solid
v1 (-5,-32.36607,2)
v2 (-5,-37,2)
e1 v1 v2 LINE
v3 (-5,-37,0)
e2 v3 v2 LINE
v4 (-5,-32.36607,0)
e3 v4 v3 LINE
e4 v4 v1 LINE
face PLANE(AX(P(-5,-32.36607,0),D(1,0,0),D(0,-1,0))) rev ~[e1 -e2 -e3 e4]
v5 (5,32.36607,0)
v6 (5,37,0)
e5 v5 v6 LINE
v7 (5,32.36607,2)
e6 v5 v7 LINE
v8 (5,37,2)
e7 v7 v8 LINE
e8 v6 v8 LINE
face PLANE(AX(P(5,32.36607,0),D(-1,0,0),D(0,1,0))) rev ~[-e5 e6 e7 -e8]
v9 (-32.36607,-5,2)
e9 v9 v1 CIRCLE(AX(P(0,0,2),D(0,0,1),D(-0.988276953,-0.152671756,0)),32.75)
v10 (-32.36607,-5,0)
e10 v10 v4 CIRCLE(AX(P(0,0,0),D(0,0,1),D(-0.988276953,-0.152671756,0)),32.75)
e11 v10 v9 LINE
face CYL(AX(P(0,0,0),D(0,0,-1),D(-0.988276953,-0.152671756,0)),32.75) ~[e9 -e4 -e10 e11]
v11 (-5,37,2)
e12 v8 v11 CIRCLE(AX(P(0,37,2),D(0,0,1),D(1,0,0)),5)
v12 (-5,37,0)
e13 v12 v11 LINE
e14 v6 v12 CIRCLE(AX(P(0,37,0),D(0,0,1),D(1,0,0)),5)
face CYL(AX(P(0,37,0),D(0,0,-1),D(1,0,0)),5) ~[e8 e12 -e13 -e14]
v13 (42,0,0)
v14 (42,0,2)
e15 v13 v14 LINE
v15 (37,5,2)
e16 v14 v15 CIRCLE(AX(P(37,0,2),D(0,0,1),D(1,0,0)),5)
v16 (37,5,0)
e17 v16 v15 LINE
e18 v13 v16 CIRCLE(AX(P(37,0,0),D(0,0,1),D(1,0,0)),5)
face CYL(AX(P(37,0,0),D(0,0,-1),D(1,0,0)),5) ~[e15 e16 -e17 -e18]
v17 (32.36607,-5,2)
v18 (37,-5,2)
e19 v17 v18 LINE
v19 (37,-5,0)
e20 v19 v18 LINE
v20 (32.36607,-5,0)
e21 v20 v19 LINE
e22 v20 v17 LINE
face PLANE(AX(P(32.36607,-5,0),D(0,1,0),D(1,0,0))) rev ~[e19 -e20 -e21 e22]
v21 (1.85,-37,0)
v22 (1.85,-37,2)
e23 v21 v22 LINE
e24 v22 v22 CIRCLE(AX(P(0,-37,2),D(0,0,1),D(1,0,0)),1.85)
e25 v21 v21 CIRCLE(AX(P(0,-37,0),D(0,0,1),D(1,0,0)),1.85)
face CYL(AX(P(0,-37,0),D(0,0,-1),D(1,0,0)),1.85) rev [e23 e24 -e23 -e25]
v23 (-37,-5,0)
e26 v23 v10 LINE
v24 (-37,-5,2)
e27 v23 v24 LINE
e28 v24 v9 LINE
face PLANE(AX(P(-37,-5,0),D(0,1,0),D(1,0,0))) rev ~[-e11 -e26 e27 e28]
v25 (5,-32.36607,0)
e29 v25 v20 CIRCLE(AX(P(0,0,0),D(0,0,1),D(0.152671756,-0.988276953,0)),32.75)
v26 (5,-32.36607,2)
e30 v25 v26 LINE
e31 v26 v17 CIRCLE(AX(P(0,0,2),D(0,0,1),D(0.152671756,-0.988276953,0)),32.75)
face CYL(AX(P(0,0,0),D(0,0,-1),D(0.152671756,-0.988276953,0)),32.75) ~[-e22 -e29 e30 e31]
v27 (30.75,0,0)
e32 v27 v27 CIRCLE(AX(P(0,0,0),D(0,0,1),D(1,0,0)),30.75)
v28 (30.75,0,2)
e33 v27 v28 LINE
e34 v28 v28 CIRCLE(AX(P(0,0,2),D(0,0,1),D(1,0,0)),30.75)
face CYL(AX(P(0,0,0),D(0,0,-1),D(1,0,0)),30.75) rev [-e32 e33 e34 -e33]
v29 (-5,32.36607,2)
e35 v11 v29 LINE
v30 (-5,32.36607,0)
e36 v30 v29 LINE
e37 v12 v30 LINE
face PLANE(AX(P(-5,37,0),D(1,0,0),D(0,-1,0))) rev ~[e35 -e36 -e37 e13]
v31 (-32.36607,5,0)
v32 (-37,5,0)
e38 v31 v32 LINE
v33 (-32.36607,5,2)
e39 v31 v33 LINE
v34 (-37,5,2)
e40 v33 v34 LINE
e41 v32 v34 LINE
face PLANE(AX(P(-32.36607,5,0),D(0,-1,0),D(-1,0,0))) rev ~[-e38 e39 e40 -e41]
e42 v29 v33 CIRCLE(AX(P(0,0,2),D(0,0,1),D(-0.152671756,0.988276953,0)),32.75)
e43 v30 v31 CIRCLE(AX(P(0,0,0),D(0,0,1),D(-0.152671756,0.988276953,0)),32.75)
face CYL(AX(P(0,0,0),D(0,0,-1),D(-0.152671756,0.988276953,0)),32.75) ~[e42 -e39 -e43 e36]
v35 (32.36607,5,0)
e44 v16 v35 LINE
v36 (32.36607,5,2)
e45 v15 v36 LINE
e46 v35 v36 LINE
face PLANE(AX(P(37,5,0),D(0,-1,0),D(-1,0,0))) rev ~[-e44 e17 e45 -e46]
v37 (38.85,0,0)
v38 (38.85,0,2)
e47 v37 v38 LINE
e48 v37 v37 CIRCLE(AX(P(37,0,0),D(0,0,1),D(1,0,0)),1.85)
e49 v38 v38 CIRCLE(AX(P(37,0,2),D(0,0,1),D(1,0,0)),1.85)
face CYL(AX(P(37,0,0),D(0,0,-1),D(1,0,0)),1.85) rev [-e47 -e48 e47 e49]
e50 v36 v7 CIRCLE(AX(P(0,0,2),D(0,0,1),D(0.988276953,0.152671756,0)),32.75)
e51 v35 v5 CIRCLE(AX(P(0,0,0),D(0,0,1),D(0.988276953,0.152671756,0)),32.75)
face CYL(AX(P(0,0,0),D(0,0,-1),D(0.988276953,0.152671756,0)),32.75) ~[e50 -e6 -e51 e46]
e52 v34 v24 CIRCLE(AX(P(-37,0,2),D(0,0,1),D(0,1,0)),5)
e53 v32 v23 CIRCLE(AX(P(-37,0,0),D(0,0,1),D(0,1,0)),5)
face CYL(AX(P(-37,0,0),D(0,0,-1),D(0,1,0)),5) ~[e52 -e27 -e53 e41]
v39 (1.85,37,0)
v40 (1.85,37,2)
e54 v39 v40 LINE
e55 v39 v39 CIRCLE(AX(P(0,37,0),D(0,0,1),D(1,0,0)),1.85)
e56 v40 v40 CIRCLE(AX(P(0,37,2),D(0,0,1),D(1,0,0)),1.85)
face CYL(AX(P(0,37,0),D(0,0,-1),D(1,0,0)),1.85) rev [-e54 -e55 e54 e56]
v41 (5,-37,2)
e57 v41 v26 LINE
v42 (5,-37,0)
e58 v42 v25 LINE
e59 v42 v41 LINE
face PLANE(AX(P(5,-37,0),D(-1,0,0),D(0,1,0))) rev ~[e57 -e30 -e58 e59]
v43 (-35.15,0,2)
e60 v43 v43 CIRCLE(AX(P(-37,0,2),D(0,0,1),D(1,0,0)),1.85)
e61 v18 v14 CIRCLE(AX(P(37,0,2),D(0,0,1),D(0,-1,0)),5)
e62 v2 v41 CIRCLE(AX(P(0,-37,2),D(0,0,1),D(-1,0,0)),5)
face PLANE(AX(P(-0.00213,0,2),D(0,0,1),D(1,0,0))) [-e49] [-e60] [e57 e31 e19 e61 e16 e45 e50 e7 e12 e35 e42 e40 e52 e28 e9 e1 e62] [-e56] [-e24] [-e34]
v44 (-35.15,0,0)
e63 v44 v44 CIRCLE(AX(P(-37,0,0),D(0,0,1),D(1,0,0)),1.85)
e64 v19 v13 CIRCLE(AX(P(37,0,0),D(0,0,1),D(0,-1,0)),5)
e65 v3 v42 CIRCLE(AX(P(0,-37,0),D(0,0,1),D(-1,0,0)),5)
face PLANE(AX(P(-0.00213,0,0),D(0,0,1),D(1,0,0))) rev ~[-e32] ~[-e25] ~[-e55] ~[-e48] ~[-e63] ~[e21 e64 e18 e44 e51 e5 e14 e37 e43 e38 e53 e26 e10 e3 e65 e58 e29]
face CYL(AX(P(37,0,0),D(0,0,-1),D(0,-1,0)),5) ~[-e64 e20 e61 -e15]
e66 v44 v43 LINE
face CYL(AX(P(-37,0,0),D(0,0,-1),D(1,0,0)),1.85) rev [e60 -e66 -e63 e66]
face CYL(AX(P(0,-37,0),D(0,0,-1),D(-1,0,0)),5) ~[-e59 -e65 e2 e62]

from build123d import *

# Parameters (mm, degrees)
F0_R     = 30.75
F0_R_2   = 1.85
F1_DEPTH = 2


with BuildPart() as f1:
    # F0 (on Top) → F1 (new body)
    with BuildSketch(Plane.XY):
        with BuildLine():
            ThreePointArc((32.65625, 2.476254417), (32.5356397493, 3.7409418742), (32.366070197, 5))
            ThreePointArc((32.366070197, 5), (23.1577470839, 23.1577470839), (5, 32.366070197))
            ThreePointArc((5, 32.366070197), (3.7409418742, 32.5356397493), (2.476254417, 32.65625))
            ThreePointArc((2.476254417, 32.65625), (0, 32), (-2.476254417, 32.65625))
            ThreePointArc((-2.476254417, 32.65625), (-3.7409418742, 32.5356397493), (-5, 32.366070197))
            ThreePointArc((-5, 32.366070197), (-23.1577470839, 23.1577470839), (-32.366070197, 5))
            ThreePointArc((-32.366070197, 5), (-32.5356397493, 3.7409418742), (-32.65625, 2.476254417))
            ThreePointArc((-32.65625, 2.476254417), (-32.1668462677, 1.2808688457), (-32, 0))
            ThreePointArc((-32, 0), (-32.1668462677, -1.2808688457), (-32.65625, -2.476254417))
            ThreePointArc((-32.65625, -2.476254417), (-32.5356397493, -3.7409418742), (-32.366070197, -5))
            ThreePointArc((-32.366070197, -5), (-23.1577470839, -23.1577470839), (-5, -32.366070197))
            ThreePointArc((-5, -32.366070197), (-3.7409418742, -32.5356397493), (-2.476254417, -32.65625))
            ThreePointArc((-2.476254417, -32.65625), (0, -32), (2.476254417, -32.65625))
            ThreePointArc((2.476254417, -32.65625), (3.7409418742, -32.5356397493), (5, -32.366070197))
            ThreePointArc((5, -32.366070197), (23.1577470839, -23.1577470839), (32.366070197, -5))
            ThreePointArc((32.366070197, -5), (32.5356397493, -3.7409418742), (32.65625, -2.476254417))
            ThreePointArc((32.65625, -2.476254417), (32, 0), (32.65625, 2.476254417))
        make_face()
        Circle(F0_R, mode=Mode.SUBTRACT)
        with BuildLine():
            Line((37, 5), (32.366070197, 5))
            ThreePointArc((32.366070197, 5), (32.5356397493, 3.7409418742), (32.65625, 2.476254417))
            ThreePointArc((32.65625, 2.476254417), (34.488155268, 4.3232668253), (37, 5))
        make_face()
        with BuildLine():
            ThreePointArc((2.476254417, 32.65625), (3.7409418742, 32.5356397493), (5, 32.366070197))
            Line((5, 32.366070197), (5, 37))
            ThreePointArc((5, 37), (4.3232668253, 34.488155268), (2.476254417, 32.65625))
        make_face()
        with BuildLine():
            ThreePointArc((37, 5), (34.488155268, 4.3232668253), (32.65625, 2.476254417))
            ThreePointArc((32.65625, 2.476254417), (32.7265541075, 1.2390142251), (32.75, 0))
            ThreePointArc((32.75, 0), (32.7265541075, -1.2390142251), (32.65625, -2.476254417))
            ThreePointArc((32.65625, -2.476254417), (34.488155268, -4.3232668253), (37, -5))
            ThreePointArc((37, -5), (40.5355339059, -3.5355339059), (42, 0))
            ThreePointArc((42, 0), (40.5355339059, 3.5355339059), (37, 5))
        make_face()
        with Locations((37, 0)):
            Circle(F0_R_2, mode=Mode.SUBTRACT)
        with BuildLine():
            ThreePointArc((-2.476254417, 32.65625), (0, 32.75), (2.476254417, 32.65625))
            ThreePointArc((2.476254417, 32.65625), (4.3232668253, 34.488155268), (5, 37))
            ThreePointArc((5, 37), (0, 42), (-5, 37))
            ThreePointArc((-5, 37), (-4.3232668253, 34.488155268), (-2.476254417, 32.65625))
        make_face()
        with Locations((0, 37)):
            Circle(F0_R_2, mode=Mode.SUBTRACT)
        with BuildLine():
            ThreePointArc((37, -5), (34.488155268, -4.3232668253), (32.65625, -2.476254417))
            ThreePointArc((32.65625, -2.476254417), (32.5356397493, -3.7409418742), (32.366070197, -5))
            Line((32.366070197, -5), (37, -5))
        make_face()
        with BuildLine():
            ThreePointArc((-5, 32.366070197), (-3.7409418742, 32.5356397493), (-2.476254417, 32.65625))
            ThreePointArc((-2.476254417, 32.65625), (-4.3232668253, 34.488155268), (-5, 37))
            Line((-5, 37), (-5, 32.366070197))
        make_face()
        with BuildLine():
            Line((5, -37), (5, -32.366070197))
            ThreePointArc((5, -32.366070197), (3.7409418742, -32.5356397493), (2.476254417, -32.65625))
            ThreePointArc((2.476254417, -32.65625), (4.3232668253, -34.488155268), (5, -37))
        make_face()
        with BuildLine():
            ThreePointArc((-32.65625, 2.476254417), (-32.5356397493, 3.7409418742), (-32.366070197, 5))
            Line((-32.366070197, 5), (-37, 5))
            ThreePointArc((-37, 5), (-34.488155268, 4.3232668253), (-32.65625, 2.476254417))
        make_face()
        with BuildLine():
            ThreePointArc((5, -37), (4.3232668253, -34.488155268), (2.476254417, -32.65625))
            ThreePointArc((2.476254417, -32.65625), (0, -32.75), (-2.476254417, -32.65625))
            ThreePointArc((-2.476254417, -32.65625), (-4.3232668253, -34.488155268), (-5, -37))
            ThreePointArc((-5, -37), (0, -42), (5, -37))
        make_face()
        with Locations((0, -37)):
            Circle(F0_R_2, mode=Mode.SUBTRACT)
        with BuildLine():
            ThreePointArc((-32.65625, -2.476254417), (-32.75, 0), (-32.65625, 2.476254417))
            ThreePointArc((-32.65625, 2.476254417), (-34.488155268, 4.3232668253), (-37, 5))
            ThreePointArc((-37, 5), (-42, 0), (-37, -5))
            ThreePointArc((-37, -5), (-34.488155268, -4.3232668253), (-32.65625, -2.476254417))
        make_face()
        with Locations((-37, 0)):
            Circle(F0_R_2, mode=Mode.SUBTRACT)
        with BuildLine():
            ThreePointArc((-5, -37), (-4.3232668253, -34.488155268), (-2.476254417, -32.65625))
            ThreePointArc((-2.476254417, -32.65625), (-3.7409418742, -32.5356397493), (-5, -32.366070197))
            Line((-5, -32.366070197), (-5, -37))
        make_face()
        with BuildLine():
            ThreePointArc((-32.366070197, -5), (-32.5356397493, -3.7409418742), (-32.65625, -2.476254417))
            ThreePointArc((-32.65625, -2.476254417), (-34.488155268, -4.3232668253), (-37, -5))
            Line((-37, -5), (-32.366070197, -5))
        make_face()
        with BuildLine():
            ThreePointArc((-2.476254417, 32.65625), (0, 32), (2.476254417, 32.65625))
            ThreePointArc((2.476254417, 32.65625), (0, 32.75), (-2.476254417, 32.65625))
        make_face()
        with BuildLine():
            ThreePointArc((-32, 0), (-32.1668462677, 1.2808688457), (-32.65625, 2.476254417))
            ThreePointArc((-32.65625, 2.476254417), (-32.75, 0), (-32.65625, -2.476254417))
            ThreePointArc((-32.65625, -2.476254417), (-32.1668462677, -1.2808688457), (-32, 0))
        make_face()
        with BuildLine():
            ThreePointArc((-2.476254417, -32.65625), (0, -32.75), (2.476254417, -32.65625))
            ThreePointArc((2.476254417, -32.65625), (0, -32), (-2.476254417, -32.65625))
        make_face()
        with BuildLine():
            ThreePointArc((32.75, 0), (32.7265541075, 1.2390142251), (32.65625, 2.476254417))
            ThreePointArc((32.65625, 2.476254417), (32, 0), (32.65625, -2.476254417))
            ThreePointArc((32.65625, -2.476254417), (32.7265541075, -1.2390142251), (32.75, 0))
        make_face()
    extrude(amount=F1_DEPTH)


solid = f1.part
